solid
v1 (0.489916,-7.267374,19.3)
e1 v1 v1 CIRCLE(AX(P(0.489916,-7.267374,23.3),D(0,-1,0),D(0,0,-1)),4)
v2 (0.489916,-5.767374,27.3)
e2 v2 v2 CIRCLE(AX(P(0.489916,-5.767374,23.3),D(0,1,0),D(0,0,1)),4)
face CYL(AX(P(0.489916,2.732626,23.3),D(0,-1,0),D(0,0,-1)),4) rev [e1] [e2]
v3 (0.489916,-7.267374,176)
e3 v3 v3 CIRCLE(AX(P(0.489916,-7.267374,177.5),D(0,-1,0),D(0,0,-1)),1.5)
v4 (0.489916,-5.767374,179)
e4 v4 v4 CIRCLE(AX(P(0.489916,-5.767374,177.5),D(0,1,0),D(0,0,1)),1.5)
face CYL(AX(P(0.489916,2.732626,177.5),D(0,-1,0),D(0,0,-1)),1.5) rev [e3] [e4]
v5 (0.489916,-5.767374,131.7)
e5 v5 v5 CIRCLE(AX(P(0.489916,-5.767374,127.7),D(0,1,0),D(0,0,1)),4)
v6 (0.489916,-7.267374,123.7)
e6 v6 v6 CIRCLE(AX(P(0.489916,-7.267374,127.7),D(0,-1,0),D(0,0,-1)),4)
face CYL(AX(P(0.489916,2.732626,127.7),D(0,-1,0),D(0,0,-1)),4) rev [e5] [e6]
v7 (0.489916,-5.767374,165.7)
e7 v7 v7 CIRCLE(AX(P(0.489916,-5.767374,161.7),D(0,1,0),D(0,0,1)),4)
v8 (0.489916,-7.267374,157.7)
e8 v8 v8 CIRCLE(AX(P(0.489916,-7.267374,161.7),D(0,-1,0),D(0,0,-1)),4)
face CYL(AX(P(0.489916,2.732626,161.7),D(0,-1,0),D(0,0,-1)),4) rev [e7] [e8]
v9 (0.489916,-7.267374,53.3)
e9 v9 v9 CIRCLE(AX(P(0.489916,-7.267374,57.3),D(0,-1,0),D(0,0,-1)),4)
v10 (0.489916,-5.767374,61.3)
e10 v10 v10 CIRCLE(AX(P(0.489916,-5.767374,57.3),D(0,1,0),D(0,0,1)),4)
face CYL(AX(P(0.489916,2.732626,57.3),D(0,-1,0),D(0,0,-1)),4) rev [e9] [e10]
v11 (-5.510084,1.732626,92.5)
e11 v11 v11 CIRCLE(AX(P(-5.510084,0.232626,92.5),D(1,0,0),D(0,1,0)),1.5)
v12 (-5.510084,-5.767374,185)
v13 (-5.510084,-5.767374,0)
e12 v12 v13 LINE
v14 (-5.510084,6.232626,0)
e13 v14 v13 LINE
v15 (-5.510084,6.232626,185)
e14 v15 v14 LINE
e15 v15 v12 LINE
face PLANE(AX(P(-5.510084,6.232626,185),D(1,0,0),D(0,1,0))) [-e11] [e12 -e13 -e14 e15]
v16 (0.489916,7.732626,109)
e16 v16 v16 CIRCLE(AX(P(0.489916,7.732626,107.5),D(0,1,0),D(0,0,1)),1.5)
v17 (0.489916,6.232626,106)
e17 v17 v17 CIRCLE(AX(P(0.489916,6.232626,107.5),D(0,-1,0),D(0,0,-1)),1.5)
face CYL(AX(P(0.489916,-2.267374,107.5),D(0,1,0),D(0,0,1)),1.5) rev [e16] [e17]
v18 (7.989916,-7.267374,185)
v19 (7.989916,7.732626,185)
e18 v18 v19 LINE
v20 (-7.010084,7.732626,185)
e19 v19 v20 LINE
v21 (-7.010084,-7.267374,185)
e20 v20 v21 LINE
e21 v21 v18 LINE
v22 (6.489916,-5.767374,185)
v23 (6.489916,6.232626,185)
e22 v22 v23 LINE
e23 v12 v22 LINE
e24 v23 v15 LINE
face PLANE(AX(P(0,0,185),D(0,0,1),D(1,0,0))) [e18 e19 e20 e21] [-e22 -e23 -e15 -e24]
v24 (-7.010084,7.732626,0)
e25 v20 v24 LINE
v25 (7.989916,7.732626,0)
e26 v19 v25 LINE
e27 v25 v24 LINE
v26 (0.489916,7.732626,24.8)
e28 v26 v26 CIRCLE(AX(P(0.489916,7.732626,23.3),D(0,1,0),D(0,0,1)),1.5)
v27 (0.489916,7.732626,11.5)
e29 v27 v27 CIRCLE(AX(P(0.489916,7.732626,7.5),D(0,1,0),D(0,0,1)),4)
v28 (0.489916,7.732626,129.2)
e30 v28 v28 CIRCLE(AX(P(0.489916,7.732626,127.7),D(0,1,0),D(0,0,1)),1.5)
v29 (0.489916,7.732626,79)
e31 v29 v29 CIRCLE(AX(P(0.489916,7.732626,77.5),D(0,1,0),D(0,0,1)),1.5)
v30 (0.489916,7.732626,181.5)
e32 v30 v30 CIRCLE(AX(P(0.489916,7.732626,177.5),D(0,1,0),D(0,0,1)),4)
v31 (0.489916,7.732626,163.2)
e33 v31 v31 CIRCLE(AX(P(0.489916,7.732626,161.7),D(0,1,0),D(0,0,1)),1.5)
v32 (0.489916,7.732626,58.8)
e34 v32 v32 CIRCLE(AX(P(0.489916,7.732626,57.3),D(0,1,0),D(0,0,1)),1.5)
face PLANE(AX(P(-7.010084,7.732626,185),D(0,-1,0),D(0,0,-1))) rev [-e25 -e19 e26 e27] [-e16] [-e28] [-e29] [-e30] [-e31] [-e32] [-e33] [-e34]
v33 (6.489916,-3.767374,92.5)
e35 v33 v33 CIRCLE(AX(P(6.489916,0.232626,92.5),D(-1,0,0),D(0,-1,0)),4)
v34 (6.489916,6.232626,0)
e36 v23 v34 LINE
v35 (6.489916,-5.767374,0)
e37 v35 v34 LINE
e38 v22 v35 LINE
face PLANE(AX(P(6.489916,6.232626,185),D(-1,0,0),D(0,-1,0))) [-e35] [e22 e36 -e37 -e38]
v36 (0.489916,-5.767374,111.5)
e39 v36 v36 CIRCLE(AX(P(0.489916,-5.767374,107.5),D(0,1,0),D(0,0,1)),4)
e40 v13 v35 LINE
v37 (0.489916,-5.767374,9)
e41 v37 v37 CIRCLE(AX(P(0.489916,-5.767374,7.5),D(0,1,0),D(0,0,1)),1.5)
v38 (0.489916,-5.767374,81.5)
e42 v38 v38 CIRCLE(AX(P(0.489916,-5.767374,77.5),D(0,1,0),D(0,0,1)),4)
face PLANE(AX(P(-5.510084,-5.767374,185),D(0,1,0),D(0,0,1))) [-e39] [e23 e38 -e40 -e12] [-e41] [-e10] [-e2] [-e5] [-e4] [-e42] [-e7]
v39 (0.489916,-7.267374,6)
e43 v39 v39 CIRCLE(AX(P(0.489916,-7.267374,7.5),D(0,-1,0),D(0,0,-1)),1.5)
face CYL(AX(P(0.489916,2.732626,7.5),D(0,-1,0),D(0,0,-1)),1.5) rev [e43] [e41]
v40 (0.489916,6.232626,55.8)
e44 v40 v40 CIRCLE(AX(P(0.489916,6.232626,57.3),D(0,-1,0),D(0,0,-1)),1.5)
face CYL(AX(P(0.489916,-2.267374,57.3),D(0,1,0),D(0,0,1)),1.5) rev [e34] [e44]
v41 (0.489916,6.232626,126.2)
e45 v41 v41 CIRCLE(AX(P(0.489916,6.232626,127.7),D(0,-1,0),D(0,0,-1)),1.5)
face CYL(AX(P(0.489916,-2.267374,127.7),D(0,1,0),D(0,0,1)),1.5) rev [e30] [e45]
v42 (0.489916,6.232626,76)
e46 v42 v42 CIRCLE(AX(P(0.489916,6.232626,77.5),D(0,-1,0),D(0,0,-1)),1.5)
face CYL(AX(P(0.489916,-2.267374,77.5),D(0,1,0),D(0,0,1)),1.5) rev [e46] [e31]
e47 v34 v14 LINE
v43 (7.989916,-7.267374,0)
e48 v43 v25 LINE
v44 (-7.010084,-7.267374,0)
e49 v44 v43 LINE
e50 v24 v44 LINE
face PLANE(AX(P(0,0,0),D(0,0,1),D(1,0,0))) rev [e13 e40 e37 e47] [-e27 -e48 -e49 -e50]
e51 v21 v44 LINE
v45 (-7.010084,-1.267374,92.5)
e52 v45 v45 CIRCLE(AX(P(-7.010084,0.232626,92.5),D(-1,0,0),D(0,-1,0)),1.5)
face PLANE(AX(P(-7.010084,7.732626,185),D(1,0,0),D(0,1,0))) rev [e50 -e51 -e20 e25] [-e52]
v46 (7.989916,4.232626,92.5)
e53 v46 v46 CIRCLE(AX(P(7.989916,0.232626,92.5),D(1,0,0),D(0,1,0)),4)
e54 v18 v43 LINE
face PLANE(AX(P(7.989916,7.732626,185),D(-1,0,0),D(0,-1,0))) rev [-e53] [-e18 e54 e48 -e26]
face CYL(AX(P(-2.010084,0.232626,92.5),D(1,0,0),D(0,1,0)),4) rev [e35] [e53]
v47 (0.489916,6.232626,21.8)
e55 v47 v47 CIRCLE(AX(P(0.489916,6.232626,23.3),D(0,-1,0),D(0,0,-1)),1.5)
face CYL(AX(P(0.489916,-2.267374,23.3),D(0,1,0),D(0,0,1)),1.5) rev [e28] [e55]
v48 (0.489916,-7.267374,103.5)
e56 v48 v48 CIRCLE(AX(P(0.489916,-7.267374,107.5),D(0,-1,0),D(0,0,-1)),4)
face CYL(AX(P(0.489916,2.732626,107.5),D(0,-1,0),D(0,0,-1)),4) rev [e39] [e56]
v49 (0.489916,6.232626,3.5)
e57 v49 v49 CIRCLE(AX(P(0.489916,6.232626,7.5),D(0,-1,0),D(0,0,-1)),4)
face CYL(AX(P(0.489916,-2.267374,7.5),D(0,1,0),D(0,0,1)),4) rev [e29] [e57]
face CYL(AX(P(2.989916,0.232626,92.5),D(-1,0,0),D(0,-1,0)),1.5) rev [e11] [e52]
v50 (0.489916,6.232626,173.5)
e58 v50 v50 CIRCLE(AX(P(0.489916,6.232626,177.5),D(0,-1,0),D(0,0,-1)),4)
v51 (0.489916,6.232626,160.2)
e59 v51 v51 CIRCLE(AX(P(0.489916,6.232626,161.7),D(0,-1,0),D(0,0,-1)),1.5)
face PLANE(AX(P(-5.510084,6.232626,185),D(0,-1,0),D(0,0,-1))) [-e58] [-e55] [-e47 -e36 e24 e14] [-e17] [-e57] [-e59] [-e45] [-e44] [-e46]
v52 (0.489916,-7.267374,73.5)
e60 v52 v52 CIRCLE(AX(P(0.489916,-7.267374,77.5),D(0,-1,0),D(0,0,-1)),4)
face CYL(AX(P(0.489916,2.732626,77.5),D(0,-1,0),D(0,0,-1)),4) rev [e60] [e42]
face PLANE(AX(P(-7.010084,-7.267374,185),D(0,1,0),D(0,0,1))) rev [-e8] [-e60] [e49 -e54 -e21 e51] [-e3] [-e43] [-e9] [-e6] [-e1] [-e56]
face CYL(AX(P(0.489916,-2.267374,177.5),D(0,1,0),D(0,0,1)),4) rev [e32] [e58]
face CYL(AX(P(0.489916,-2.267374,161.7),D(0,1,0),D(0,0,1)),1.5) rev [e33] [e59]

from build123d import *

# Parameters (mm, degrees)
SKETCH_1_W           = 15
SKETCH_1_H           = 15
SKETCH_1_W_2         = 12
SKETCH_1_H_2         = 12
EXTRUDE_2_DEPTH      = 185
SKETCH_2_R           = 4
CUT_EXTRUDE_1_DEPTH  = 10
SKETCH_3_R           = 1.5
CUT_EXTRUDE_2_DEPTH  = 10
SKETCH_4_R           = 4
CUT_EXTRUDE_3_DEPTH  = 10
SKETCH_5_R           = 1.5
CUT_EXTRUDE_4_DEPTH  = 10
SKETCH_6_R           = 1.5
CUT_EXTRUDE_5_DEPTH  = 10
SKETCH_7_R           = 4
CUT_EXTRUDE_6_DEPTH  = 10
SKETCH_8_R           = 1.5
CUT_EXTRUDE_7_DEPTH  = 10
SKETCH_9_R           = 1.5
CUT_EXTRUDE_8_DEPTH  = 10
SKETCH_10_R          = 4
CUT_EXTRUDE_9_DEPTH  = 10
SKETCH_11_R          = 4
CUT_EXTRUDE_10_DEPTH = 10
SKETCH_12_R          = 1.5
CUT_EXTRUDE_11_DEPTH = 10
SKETCH_14_R          = 1.5
CUT_EXTRUDE_12_DEPTH = 10
SKETCH_15_R          = 4
CUT_EXTRUDE_13_DEPTH = 10
SKETCH_16_R          = 4
CUT_EXTRUDE_14_DEPTH = 10
SKETCH_18_R          = 1.5
CUT_EXTRUDE_15_DEPTH = 10
SKETCH_19_R          = 1.5
CUT_EXTRUDE_16_DEPTH = 10
SKETCH_20_R          = 4
CUT_EXTRUDE_17_DEPTH = 10
SKETCH_21_R          = 4
CUT_EXTRUDE_18_DEPTH = 10


with BuildPart() as part:
    # ｽｹｯﾁ1 → ﾎﾞｽ - 押し出し2 (new body)
    with BuildSketch(Plane.XY):
        with Locations((0.489915859, 0.232626086)):
            Rectangle(SKETCH_1_W, SKETCH_1_H)
        with Locations((0.489915859, 0.232626086)):
            Rectangle(SKETCH_1_W_2, SKETCH_1_H_2, mode=Mode.SUBTRACT)
    extrude(amount=EXTRUDE_2_DEPTH)

    # ｽｹｯﾁ2 → ｶｯﾄ - 押し出し1 (cut)
    with BuildSketch(Plane(origin=(0, 7.732626086, 0), x_dir=(1, 0, 0), z_dir=(0, 1, 0))):
        with Locations((0.489915859, -177.5)):
            Circle(SKETCH_2_R)
    extrude(amount=-CUT_EXTRUDE_1_DEPTH, mode=Mode.SUBTRACT)

    # ｽｹｯﾁ3 → ｶｯﾄ - 押し出し2 (cut)
    with BuildSketch(Plane.XZ.offset(7.267373914)):
        with Locations((0.489915859, 177.5)):
            Circle(SKETCH_3_R)
    extrude(amount=-CUT_EXTRUDE_2_DEPTH, mode=Mode.SUBTRACT)

    # ｽｹｯﾁ4 → ｶｯﾄ - 押し出し3 (cut)
    with BuildSketch(Plane(origin=(0, 7.732626086, 0), x_dir=(1, 0, 0), z_dir=(0, 1, 0))):
        with Locations((0.489915859, -7.5)):
            Circle(SKETCH_4_R)
    extrude(amount=-CUT_EXTRUDE_3_DEPTH, mode=Mode.SUBTRACT)

    # ｽｹｯﾁ5 → ｶｯﾄ - 押し出し4 (cut)
    with BuildSketch(Plane.XZ.offset(7.267373914)):
        with Locations((0.489915859, 7.5)):
            Circle(SKETCH_5_R)
    extrude(amount=-CUT_EXTRUDE_4_DEPTH, mode=Mode.SUBTRACT)

    # ｽｹｯﾁ6 → ｶｯﾄ - 押し出し5 (cut)
    with BuildSketch(Plane.ZY.offset(7.010084141)):
        with Locations((92.5, 0.232626086)):
            Circle(SKETCH_6_R)
    extrude(amount=-CUT_EXTRUDE_5_DEPTH, mode=Mode.SUBTRACT)

    # ｽｹｯﾁ7 → ｶｯﾄ - 押し出し6 (cut)
    with BuildSketch(Plane(origin=(7.989915859, 0, 0), x_dir=(0, 0, -1), z_dir=(1, 0, 0))):
        with Locations((-92.5, 0.232626086)):
            Circle(SKETCH_7_R)
    extrude(amount=-CUT_EXTRUDE_6_DEPTH, mode=Mode.SUBTRACT)

    # ｽｹｯﾁ8 → ｶｯﾄ - 押し出し7 (cut)
    with BuildSketch(Plane(origin=(0, 7.732626086, 0), x_dir=(1, 0, 0), z_dir=(0, 1, 0))):
        with Locations((0.489915859, -77.5)):
            Circle(SKETCH_8_R)
    extrude(amount=-CUT_EXTRUDE_7_DEPTH, mode=Mode.SUBTRACT)

    # ｽｹｯﾁ9 → ｶｯﾄ - 押し出し8 (cut)
    with BuildSketch(Plane(origin=(0, 7.732626086, 0), x_dir=(1, 0, 0), z_dir=(0, 1, 0))):
        with Locations((0.489915859, -107.5)):
            Circle(SKETCH_9_R)
    extrude(amount=-CUT_EXTRUDE_8_DEPTH, mode=Mode.SUBTRACT)

    # ｽｹｯﾁ10 → ｶｯﾄ - 押し出し9 (cut)
    with BuildSketch(Plane.XZ.offset(7.267373914)):
        with Locations((0.489915859, 77.5)):
            Circle(SKETCH_10_R)
    extrude(amount=-CUT_EXTRUDE_9_DEPTH, mode=Mode.SUBTRACT)

    # ｽｹｯﾁ11 → ｶｯﾄ - 押し出し10 (cut)
    with BuildSketch(Plane.XZ.offset(7.267373914)):
        with Locations((0.489915859, 107.5)):
            Circle(SKETCH_11_R)
    extrude(amount=-CUT_EXTRUDE_10_DEPTH, mode=Mode.SUBTRACT)

    # ｽｹｯﾁ12 → ｶｯﾄ - 押し出し11 (cut)
    with BuildSketch(Plane(origin=(0, 7.732626086, 0), x_dir=(1, 0, 0), z_dir=(0, 1, 0))):
        with Locations((0.489915859, -23.3)):
            Circle(SKETCH_12_R)
    extrude(amount=-CUT_EXTRUDE_11_DEPTH, mode=Mode.SUBTRACT)

    # ｽｹｯﾁ14 → ｶｯﾄ - 押し出し12 (cut)
    with BuildSketch(Plane(origin=(0, 7.732626086, 0), x_dir=(1, 0, 0), z_dir=(0, 1, 0))):
        with Locations((0.489915859, -57.3)):
            Circle(SKETCH_14_R)
    extrude(amount=-CUT_EXTRUDE_12_DEPTH, mode=Mode.SUBTRACT)

    # ｽｹｯﾁ15 → ｶｯﾄ - 押し出し13 (cut)
    with BuildSketch(Plane.XZ.offset(7.267373914)):
        with Locations((0.489915859, 23.3)):
            Circle(SKETCH_15_R)
    extrude(amount=-CUT_EXTRUDE_13_DEPTH, mode=Mode.SUBTRACT)

    # ｽｹｯﾁ16 → ｶｯﾄ - 押し出し14 (cut)
    with BuildSketch(Plane.XZ.offset(7.267373914)):
        with Locations((0.489915859, 57.3)):
            Circle(SKETCH_16_R)
    extrude(amount=-CUT_EXTRUDE_14_DEPTH, mode=Mode.SUBTRACT)

    # ｽｹｯﾁ18 → ｶｯﾄ - 押し出し15 (cut)
    with BuildSketch(Plane(origin=(0, 7.732626086, 0), x_dir=(1, 0, 0), z_dir=(0, 1, 0))):
        with Locations((0.489915859, -161.7)):
            Circle(SKETCH_18_R)
    extrude(amount=-CUT_EXTRUDE_15_DEPTH, mode=Mode.SUBTRACT)

    # ｽｹｯﾁ19 → ｶｯﾄ - 押し出し16 (cut)
    with BuildSketch(Plane(origin=(0, 7.732626086, 0), x_dir=(1, 0, 0), z_dir=(0, 1, 0))):
        with Locations((0.489915859, -127.7)):
            Circle(SKETCH_19_R)
    extrude(amount=-CUT_EXTRUDE_16_DEPTH, mode=Mode.SUBTRACT)

    # ｽｹｯﾁ20 → ｶｯﾄ - 押し出し17 (cut)
    with BuildSketch(Plane.XZ.offset(7.267373914)):
        with Locations((0.489915859, 161.7)):
            Circle(SKETCH_20_R)
    extrude(amount=-CUT_EXTRUDE_17_DEPTH, mode=Mode.SUBTRACT)

    # ｽｹｯﾁ21 → ｶｯﾄ - 押し出し18 (cut)
    with BuildSketch(Plane(origin=(0, -7.267373914, 0), x_dir=(-1, 0, 0), z_dir=(0, -1, 0))):
        with Locations((-0.489915859, -127.7)):
            Circle(SKETCH_21_R)
    extrude(amount=-CUT_EXTRUDE_18_DEPTH, mode=Mode.SUBTRACT)


solid = part.part
